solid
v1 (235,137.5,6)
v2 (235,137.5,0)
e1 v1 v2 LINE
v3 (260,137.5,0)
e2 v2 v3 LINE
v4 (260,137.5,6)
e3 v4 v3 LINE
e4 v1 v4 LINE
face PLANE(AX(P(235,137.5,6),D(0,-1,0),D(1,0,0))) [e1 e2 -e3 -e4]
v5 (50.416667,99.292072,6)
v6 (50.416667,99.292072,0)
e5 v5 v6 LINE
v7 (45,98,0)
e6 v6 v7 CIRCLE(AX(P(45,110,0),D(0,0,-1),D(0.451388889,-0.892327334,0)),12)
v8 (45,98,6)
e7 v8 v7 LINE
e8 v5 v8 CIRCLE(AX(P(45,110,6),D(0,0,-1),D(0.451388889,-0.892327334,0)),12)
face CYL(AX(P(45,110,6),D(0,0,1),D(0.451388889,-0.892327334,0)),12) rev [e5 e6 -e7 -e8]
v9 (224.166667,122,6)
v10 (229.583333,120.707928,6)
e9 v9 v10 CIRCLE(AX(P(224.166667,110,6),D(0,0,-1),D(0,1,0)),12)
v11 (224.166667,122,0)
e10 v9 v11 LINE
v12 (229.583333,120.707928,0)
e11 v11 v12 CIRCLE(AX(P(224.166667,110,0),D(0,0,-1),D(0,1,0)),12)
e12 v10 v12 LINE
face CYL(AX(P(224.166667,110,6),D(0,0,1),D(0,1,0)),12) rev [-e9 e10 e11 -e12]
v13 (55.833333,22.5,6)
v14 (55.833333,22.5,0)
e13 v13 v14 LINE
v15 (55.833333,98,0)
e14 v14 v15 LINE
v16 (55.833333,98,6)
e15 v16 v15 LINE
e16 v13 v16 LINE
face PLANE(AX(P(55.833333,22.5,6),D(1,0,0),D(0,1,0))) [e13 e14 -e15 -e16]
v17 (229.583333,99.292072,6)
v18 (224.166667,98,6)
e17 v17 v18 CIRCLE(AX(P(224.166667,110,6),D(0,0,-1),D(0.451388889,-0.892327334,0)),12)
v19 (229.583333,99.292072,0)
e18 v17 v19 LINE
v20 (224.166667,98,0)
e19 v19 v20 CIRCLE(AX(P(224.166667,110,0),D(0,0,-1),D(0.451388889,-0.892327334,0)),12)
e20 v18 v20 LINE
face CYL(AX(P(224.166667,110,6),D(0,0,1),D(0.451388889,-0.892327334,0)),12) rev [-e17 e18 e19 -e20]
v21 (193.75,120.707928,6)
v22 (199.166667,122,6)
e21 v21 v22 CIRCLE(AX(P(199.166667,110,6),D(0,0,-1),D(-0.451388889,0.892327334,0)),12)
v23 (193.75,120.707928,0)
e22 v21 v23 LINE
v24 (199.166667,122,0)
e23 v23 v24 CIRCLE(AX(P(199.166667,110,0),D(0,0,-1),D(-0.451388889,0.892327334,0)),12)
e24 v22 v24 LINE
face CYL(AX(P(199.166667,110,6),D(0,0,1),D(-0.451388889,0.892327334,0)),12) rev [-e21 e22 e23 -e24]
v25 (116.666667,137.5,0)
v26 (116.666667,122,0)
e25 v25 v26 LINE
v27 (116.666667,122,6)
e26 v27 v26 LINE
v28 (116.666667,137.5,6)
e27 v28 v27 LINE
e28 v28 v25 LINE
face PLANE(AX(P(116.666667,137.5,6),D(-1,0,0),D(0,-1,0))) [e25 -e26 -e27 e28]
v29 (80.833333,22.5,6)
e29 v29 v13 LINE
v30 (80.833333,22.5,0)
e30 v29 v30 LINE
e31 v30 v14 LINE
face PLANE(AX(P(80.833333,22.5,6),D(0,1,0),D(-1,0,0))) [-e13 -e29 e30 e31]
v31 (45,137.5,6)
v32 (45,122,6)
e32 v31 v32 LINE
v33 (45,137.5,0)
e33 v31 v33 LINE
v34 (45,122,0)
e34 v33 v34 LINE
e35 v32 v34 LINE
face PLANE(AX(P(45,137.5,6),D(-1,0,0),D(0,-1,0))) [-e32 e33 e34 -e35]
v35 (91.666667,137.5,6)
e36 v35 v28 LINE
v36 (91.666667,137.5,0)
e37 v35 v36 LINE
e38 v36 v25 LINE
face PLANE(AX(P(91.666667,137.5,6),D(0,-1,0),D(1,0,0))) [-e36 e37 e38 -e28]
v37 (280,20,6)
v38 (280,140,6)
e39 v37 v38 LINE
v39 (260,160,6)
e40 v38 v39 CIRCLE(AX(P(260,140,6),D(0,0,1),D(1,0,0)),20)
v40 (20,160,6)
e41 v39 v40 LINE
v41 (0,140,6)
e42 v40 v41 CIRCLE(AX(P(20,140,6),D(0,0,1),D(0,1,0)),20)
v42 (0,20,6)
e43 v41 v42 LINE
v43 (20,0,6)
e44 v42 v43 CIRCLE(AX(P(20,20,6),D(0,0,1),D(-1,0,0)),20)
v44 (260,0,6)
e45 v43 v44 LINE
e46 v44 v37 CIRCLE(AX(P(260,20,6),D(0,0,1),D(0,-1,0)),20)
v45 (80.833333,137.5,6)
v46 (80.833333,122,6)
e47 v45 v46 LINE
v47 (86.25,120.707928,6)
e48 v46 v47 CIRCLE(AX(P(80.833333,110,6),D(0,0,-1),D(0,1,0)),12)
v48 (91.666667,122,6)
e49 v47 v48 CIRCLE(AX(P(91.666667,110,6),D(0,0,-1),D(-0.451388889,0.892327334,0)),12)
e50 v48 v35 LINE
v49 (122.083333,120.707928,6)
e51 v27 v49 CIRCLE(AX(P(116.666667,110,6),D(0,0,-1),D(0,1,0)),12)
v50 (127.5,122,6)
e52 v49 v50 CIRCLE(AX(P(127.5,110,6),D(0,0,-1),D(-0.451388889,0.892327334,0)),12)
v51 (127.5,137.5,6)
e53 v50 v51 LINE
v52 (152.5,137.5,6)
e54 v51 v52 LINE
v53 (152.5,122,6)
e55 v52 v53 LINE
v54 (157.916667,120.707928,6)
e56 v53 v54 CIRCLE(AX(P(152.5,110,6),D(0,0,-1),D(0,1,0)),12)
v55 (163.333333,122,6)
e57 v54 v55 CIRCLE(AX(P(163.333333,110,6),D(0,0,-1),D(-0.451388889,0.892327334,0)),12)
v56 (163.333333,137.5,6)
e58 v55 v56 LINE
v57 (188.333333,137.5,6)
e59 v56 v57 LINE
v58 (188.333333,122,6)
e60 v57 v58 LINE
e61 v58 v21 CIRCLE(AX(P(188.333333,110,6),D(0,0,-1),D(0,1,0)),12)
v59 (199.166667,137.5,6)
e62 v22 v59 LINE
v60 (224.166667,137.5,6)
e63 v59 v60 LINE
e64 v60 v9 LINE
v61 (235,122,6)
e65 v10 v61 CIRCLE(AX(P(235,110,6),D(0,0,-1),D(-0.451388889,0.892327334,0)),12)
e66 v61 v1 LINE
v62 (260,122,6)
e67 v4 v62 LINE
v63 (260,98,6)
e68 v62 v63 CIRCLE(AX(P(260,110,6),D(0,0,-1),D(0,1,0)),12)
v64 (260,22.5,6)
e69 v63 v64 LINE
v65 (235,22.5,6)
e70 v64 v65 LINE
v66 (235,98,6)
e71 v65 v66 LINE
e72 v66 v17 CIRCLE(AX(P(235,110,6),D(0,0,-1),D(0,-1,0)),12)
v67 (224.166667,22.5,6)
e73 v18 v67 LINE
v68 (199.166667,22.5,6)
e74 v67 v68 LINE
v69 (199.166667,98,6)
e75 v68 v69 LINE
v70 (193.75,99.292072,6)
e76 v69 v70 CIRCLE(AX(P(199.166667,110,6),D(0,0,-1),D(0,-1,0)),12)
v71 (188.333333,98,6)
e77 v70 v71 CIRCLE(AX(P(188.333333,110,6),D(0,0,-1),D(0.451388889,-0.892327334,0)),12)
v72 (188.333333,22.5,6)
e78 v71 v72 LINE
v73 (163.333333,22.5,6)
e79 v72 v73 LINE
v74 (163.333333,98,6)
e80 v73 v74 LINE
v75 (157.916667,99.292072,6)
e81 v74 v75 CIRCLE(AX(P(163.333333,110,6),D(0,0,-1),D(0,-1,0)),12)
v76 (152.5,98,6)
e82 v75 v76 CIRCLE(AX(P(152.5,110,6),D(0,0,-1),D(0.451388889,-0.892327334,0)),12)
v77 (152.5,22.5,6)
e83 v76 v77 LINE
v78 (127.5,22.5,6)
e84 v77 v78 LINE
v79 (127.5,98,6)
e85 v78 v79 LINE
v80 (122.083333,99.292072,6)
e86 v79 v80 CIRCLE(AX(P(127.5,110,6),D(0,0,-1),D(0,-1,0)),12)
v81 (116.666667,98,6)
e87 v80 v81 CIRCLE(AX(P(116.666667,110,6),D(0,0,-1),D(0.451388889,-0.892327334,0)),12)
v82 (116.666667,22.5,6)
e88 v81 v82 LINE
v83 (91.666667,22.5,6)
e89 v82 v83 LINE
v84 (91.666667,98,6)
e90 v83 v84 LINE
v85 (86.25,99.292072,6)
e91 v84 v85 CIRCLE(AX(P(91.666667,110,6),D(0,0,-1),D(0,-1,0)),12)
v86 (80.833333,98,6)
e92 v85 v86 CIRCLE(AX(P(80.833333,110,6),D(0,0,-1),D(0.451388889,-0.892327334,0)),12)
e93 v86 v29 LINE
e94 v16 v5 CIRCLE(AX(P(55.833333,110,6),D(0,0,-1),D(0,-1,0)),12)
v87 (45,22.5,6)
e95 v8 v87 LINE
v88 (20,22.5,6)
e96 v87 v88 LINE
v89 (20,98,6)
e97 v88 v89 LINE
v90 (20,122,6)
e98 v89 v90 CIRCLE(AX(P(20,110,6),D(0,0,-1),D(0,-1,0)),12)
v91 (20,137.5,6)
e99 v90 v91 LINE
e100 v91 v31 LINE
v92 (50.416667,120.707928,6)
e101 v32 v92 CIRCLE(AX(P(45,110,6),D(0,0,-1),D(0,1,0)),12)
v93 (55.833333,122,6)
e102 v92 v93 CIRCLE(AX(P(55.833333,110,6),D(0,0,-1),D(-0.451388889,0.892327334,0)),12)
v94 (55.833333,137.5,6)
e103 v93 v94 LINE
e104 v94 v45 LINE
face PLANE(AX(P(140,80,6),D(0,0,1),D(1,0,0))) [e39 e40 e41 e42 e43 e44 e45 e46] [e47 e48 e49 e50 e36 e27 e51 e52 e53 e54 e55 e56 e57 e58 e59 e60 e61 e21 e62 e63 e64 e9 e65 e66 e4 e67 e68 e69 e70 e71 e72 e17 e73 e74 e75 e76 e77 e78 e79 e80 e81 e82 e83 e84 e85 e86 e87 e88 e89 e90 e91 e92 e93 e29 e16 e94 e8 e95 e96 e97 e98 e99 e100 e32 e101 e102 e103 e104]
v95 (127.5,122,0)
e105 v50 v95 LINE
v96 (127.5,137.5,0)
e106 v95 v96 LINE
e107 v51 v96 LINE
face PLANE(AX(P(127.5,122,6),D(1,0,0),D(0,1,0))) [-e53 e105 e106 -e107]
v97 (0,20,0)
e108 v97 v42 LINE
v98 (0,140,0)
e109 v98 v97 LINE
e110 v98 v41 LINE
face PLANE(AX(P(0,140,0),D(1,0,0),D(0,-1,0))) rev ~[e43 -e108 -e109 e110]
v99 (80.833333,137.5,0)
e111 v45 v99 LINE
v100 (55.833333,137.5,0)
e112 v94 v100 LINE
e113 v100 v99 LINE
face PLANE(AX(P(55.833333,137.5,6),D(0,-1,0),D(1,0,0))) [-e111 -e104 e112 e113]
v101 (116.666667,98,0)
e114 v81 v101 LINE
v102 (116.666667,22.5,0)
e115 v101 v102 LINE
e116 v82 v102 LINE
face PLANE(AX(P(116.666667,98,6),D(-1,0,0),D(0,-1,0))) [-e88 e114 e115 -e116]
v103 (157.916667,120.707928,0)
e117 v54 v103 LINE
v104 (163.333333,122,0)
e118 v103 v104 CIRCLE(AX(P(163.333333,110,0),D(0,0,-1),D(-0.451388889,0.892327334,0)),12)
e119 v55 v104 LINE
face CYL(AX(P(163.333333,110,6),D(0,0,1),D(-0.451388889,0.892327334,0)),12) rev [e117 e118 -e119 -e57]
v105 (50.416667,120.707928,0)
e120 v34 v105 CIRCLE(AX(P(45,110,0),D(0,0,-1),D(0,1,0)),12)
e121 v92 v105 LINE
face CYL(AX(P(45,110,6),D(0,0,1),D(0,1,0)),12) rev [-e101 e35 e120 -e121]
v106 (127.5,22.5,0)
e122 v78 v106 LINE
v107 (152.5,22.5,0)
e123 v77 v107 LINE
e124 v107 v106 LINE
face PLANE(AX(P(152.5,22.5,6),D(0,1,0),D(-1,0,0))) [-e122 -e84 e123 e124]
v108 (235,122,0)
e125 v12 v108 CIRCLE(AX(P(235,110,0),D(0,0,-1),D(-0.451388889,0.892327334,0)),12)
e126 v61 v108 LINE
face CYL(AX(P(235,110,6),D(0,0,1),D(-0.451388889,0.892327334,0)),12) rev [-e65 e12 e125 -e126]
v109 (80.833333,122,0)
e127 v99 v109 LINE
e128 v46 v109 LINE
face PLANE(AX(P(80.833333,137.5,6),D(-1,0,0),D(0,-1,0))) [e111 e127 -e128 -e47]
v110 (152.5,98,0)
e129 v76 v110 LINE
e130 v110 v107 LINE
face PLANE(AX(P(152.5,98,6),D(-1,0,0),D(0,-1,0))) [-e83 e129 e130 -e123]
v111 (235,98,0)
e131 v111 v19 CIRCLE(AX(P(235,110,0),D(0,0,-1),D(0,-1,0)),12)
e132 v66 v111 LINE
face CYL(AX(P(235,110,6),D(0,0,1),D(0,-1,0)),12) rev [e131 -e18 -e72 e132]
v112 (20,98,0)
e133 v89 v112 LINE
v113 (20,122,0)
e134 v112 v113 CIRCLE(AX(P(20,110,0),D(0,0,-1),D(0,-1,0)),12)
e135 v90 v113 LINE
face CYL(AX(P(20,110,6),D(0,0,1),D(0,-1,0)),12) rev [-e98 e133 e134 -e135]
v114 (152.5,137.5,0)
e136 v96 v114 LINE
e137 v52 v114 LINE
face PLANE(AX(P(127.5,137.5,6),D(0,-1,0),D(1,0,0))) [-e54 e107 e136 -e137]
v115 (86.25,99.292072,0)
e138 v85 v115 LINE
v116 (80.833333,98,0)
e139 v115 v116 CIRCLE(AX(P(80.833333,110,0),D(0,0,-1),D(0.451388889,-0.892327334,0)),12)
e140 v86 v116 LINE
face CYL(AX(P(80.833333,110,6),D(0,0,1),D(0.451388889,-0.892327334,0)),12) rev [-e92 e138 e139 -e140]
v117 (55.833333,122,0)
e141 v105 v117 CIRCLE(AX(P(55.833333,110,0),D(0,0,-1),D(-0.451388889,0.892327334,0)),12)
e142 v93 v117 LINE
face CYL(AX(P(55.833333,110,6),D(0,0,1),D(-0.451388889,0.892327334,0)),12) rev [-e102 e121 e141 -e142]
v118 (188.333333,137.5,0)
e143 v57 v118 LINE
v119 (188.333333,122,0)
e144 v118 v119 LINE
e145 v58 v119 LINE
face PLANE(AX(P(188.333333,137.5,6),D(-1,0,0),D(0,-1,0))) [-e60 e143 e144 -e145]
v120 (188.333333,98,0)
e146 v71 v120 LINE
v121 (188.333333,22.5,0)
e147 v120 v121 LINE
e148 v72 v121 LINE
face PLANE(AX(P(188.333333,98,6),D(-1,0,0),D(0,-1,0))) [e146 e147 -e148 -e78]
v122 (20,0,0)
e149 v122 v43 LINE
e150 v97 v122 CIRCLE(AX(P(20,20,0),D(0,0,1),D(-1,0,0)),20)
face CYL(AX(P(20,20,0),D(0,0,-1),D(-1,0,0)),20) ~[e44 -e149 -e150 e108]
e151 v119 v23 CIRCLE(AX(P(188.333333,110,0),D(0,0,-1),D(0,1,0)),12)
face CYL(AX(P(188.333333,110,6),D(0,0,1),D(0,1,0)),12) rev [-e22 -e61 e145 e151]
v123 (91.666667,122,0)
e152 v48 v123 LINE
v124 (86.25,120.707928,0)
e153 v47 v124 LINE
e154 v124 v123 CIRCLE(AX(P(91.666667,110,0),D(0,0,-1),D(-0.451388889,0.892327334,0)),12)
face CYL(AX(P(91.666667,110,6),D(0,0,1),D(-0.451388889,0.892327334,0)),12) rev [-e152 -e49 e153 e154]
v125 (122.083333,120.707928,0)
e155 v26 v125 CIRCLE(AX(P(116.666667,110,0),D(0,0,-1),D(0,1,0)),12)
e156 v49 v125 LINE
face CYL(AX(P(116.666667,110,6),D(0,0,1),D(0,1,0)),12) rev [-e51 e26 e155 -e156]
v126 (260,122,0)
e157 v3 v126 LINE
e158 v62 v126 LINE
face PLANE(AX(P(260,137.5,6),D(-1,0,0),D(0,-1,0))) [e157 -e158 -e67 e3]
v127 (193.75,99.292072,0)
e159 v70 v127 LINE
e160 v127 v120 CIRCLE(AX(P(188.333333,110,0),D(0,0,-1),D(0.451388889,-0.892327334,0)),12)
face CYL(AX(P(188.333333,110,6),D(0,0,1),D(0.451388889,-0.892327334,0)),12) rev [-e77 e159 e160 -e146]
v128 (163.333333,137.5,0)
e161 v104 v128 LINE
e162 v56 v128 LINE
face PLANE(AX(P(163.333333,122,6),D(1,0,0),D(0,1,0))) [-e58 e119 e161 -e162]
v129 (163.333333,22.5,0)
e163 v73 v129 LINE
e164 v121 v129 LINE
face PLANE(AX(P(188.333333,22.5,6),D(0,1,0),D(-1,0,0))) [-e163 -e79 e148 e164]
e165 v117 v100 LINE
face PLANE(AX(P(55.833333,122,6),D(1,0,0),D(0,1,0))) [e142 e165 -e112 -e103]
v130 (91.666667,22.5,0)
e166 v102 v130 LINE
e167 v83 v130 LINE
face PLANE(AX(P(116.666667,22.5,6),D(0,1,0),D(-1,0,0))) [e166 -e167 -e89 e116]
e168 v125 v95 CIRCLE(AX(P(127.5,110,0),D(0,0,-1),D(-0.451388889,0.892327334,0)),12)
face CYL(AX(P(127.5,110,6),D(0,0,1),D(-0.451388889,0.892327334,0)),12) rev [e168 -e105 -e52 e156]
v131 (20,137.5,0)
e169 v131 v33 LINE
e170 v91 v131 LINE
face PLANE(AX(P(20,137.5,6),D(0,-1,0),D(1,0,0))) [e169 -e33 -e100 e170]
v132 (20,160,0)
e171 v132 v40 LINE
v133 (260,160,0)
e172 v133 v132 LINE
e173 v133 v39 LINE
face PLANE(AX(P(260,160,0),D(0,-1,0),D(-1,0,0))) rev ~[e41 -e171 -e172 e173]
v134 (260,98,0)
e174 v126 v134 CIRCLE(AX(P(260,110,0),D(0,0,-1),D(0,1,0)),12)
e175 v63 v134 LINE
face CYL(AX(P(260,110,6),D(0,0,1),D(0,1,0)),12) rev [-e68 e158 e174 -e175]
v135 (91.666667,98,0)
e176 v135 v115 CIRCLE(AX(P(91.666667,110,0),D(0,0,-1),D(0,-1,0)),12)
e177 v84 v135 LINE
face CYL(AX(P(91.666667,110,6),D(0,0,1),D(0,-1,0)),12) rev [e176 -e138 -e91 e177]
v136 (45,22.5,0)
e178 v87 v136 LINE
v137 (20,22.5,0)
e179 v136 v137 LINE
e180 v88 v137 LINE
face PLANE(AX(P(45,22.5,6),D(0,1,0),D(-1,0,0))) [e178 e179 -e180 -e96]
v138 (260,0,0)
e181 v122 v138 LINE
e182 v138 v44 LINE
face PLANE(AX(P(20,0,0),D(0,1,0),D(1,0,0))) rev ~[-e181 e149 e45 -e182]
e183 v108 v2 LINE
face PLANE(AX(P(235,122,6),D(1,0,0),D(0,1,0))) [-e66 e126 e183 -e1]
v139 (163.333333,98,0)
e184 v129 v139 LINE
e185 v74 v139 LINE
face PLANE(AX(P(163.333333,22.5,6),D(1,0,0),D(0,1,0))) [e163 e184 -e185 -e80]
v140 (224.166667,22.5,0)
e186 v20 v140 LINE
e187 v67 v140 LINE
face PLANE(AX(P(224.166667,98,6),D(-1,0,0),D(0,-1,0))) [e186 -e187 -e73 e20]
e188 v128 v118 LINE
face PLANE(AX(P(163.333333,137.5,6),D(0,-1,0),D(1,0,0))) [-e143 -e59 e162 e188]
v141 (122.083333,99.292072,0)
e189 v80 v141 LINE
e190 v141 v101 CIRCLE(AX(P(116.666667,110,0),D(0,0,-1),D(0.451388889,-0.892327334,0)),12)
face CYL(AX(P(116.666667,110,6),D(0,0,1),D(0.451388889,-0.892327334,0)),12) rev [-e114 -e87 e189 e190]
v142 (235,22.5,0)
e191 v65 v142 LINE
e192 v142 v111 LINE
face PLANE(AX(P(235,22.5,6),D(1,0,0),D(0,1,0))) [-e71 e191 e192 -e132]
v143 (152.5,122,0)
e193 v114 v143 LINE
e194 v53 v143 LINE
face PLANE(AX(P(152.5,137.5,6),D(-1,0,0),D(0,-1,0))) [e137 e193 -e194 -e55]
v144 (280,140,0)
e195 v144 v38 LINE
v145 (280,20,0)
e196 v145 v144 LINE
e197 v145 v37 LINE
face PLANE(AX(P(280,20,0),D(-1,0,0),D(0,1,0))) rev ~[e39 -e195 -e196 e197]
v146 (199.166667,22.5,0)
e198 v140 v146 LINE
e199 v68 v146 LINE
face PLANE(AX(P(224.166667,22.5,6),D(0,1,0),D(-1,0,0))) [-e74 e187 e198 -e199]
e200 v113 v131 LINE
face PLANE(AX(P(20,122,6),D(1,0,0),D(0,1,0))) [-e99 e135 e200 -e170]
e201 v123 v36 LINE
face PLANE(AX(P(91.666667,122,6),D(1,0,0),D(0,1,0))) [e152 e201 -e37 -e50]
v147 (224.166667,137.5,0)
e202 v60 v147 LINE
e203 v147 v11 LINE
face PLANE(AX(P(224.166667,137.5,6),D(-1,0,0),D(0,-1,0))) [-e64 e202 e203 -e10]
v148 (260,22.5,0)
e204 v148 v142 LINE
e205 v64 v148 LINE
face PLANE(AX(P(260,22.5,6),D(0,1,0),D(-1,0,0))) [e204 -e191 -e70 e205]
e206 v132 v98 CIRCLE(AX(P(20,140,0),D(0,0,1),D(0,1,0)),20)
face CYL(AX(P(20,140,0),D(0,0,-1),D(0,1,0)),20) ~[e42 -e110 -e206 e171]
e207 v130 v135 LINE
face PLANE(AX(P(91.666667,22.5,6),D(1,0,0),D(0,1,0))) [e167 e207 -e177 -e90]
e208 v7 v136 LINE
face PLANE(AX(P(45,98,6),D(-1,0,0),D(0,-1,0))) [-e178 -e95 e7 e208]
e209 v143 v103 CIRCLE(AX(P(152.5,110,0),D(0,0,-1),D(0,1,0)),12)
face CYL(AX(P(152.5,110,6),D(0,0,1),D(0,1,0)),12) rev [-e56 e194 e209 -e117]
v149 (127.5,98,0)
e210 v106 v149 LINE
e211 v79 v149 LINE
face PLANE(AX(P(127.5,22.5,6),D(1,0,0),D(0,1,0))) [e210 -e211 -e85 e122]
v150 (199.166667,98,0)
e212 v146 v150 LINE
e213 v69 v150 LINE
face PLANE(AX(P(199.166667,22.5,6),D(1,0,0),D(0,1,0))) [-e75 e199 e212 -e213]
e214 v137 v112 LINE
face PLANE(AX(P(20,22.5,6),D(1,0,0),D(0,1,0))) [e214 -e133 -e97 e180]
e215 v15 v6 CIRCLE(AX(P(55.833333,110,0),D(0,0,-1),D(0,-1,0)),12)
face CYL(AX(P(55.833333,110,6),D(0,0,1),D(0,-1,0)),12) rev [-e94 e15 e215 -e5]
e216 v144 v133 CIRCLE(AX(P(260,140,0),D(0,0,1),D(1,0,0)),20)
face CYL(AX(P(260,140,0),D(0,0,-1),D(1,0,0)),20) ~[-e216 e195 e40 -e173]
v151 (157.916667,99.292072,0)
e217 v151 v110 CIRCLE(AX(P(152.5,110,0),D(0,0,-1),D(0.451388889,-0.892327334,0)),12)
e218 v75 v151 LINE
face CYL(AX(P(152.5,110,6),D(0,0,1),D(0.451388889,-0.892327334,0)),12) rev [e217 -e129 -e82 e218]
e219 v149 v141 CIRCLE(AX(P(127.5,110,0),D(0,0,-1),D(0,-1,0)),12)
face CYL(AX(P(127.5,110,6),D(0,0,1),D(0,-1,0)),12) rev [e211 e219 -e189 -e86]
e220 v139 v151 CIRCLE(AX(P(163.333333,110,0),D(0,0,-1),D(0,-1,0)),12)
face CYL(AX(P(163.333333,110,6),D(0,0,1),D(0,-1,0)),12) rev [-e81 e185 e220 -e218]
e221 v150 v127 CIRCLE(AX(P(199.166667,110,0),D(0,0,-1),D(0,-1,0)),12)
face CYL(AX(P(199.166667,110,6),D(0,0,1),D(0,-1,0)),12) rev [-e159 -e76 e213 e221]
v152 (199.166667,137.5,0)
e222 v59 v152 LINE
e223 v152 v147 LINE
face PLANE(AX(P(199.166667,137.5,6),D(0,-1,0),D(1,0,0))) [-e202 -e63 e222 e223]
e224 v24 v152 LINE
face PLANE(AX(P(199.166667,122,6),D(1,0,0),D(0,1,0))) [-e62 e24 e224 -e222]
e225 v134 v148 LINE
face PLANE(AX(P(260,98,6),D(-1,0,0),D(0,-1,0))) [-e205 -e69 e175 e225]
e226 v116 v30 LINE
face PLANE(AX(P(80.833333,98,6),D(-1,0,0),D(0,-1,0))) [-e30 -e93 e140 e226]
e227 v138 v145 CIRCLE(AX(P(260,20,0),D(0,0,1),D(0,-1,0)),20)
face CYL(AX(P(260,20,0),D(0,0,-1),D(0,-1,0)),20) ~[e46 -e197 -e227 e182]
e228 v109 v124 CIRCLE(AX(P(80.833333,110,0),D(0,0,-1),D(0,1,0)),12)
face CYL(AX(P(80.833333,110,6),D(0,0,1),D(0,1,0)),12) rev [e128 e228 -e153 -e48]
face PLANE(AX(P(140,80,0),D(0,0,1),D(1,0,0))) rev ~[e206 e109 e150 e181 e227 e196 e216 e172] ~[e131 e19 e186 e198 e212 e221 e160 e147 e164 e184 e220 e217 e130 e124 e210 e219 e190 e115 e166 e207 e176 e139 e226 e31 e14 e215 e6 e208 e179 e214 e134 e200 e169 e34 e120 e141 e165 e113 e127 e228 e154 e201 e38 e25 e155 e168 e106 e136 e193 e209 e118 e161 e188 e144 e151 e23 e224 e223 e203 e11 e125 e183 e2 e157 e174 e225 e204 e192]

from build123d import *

# Parameters (mm, degrees)
BOSS_EXTRUDE1_DEPTH = 6
CUT_EXTRUDE1_DEPTH  = 6


with BuildPart() as part:
    # Sketch1 → Boss-Extrude1 (new body)
    with BuildSketch(Plane.XY):
        with BuildLine():
            Line((20, 0), (260, 0))
            ThreePointArc((260, 0), (274.142135624, 5.857864376), (280, 20))
            Line((280, 20), (280, 140))
            ThreePointArc((280, 140), (274.142135624, 154.142135624), (260, 160))
            Line((260, 160), (20, 160))
            ThreePointArc((20, 160), (5.857864376, 154.142135624), (0, 140))
            Line((0, 140), (0, 20))
            ThreePointArc((0, 20), (5.857864376, 5.857864376), (20, 0))
        make_face()
    extrude(amount=BOSS_EXTRUDE1_DEPTH)

    # Sketch2 → Cut-Extrude1 (cut)
    with BuildSketch(Plane.XY.offset(6)):
        with BuildLine():
            Line((20, 137.5), (45, 137.5))
            Line((45, 137.5), (45, 122))
            ThreePointArc((45, 122), (47.784318939, 121.672513356), (50.416666667, 120.707928008))
            ThreePointArc((50.416666667, 120.707928008), (53.049014395, 121.672513356), (55.833333333, 122))
            Line((55.833333333, 122), (55.833333333, 137.5))
            Line((55.833333333, 137.5), (80.833333333, 137.5))
            Line((80.833333333, 137.5), (80.833333333, 122))
            ThreePointArc((80.833333333, 122), (83.617652272, 121.672513356), (86.25, 120.707928008))
            ThreePointArc((86.25, 120.707928008), (88.882347728, 121.672513356), (91.666666667, 122))
            Line((91.666666667, 122), (91.666666667, 137.5))
            Line((91.666666667, 137.5), (116.666666667, 137.5))
            Line((116.666666667, 137.5), (116.666666667, 122))
            ThreePointArc((116.666666667, 122), (119.450985605, 121.672513356), (122.083333333, 120.707928008))
            ThreePointArc((122.083333333, 120.707928008), (124.715681061, 121.672513356), (127.5, 122))
            Line((127.5, 122), (127.5, 137.5))
            Line((127.5, 137.5), (152.5, 137.5))
            Line((152.5, 137.5), (152.5, 122))
            ThreePointArc((152.5, 122), (155.284318939, 121.672513356), (157.916666667, 120.707928008))
            ThreePointArc((157.916666667, 120.707928008), (160.549014395, 121.672513356), (163.333333333, 122))
            Line((163.333333333, 122), (163.333333333, 137.5))
            Line((163.333333333, 137.5), (188.333333333, 137.5))
            Line((188.333333333, 137.5), (188.333333333, 122))
            ThreePointArc((188.333333333, 122), (191.117652272, 121.672513356), (193.75, 120.707928008))
            ThreePointArc((193.75, 120.707928008), (196.382347728, 121.672513356), (199.166666667, 122))
            Line((199.166666667, 122), (199.166666667, 137.5))
            Line((199.166666667, 137.5), (224.166666667, 137.5))
            Line((224.166666667, 137.5), (224.166666667, 122))
            ThreePointArc((224.166666667, 122), (226.950985605, 121.672513356), (229.583333333, 120.707928008))
            ThreePointArc((229.583333333, 120.707928008), (232.215681061, 121.672513356), (235, 122))
            Line((235, 122), (235, 137.5))
            Line((235, 137.5), (260, 137.5))
            Line((260, 137.5), (260, 122))
            ThreePointArc((260, 122), (272, 110), (260, 98))
            Line((260, 98), (260, 22.5))
            Line((260, 22.5), (235, 22.5))
            Line((235, 22.5), (235, 98))
            ThreePointArc((235, 98), (232.215681061, 98.327486644), (229.583333333, 99.292071992))
            ThreePointArc((229.583333333, 99.292071992), (226.950985605, 98.327486644), (224.166666667, 98))
            Line((224.166666667, 98), (224.166666667, 22.5))
            Line((224.166666667, 22.5), (199.166666667, 22.5))
            Line((199.166666667, 22.5), (199.166666667, 98))
            ThreePointArc((199.166666667, 98), (196.382347728, 98.327486644), (193.75, 99.292071992))
            ThreePointArc((193.75, 99.292071992), (191.117652272, 98.327486644), (188.333333333, 98))
            Line((188.333333333, 98), (188.333333333, 22.5))
            Line((188.333333333, 22.5), (163.333333333, 22.5))
            Line((163.333333333, 22.5), (163.333333333, 98))
            ThreePointArc((163.333333333, 98), (160.549014395, 98.327486644), (157.916666667, 99.292071992))
            ThreePointArc((157.916666667, 99.292071992), (155.284318939, 98.327486644), (152.5, 98))
            Line((152.5, 98), (152.5, 22.5))
            Line((152.5, 22.5), (127.5, 22.5))
            Line((127.5, 22.5), (127.5, 98))
            ThreePointArc((127.5, 98), (124.715681061, 98.327486644), (122.083333333, 99.292071992))
            ThreePointArc((122.083333333, 99.292071992), (119.450985605, 98.327486644), (116.666666667, 98))
            Line((116.666666667, 98), (116.666666667, 22.5))
            Line((116.666666667, 22.5), (91.666666667, 22.5))
            Line((91.666666667, 22.5), (91.666666667, 98))
            ThreePointArc((91.666666667, 98), (88.882347728, 98.327486644), (86.25, 99.292071992))
            ThreePointArc((86.25, 99.292071992), (83.617652272, 98.327486644), (80.833333333, 98))
            Line((80.833333333, 98), (80.833333333, 22.5))
            Line((80.833333333, 22.5), (55.833333333, 22.5))
            Line((55.833333333, 22.5), (55.833333333, 98))
            ThreePointArc((55.833333333, 98), (53.049014395, 98.327486644), (50.416666667, 99.292071992))
            ThreePointArc((50.416666667, 99.292071992), (47.784318939, 98.327486644), (45, 98))
            Line((45, 98), (45, 22.5))
            Line((45, 22.5), (20, 22.5))
            Line((20, 22.5), (20, 98))
            ThreePointArc((20, 98), (8, 110), (20, 122))
            Line((20, 122), (20, 137.5))
        make_face()
    extrude(amount=-CUT_EXTRUDE1_DEPTH, mode=Mode.SUBTRACT)


solid = part.part
